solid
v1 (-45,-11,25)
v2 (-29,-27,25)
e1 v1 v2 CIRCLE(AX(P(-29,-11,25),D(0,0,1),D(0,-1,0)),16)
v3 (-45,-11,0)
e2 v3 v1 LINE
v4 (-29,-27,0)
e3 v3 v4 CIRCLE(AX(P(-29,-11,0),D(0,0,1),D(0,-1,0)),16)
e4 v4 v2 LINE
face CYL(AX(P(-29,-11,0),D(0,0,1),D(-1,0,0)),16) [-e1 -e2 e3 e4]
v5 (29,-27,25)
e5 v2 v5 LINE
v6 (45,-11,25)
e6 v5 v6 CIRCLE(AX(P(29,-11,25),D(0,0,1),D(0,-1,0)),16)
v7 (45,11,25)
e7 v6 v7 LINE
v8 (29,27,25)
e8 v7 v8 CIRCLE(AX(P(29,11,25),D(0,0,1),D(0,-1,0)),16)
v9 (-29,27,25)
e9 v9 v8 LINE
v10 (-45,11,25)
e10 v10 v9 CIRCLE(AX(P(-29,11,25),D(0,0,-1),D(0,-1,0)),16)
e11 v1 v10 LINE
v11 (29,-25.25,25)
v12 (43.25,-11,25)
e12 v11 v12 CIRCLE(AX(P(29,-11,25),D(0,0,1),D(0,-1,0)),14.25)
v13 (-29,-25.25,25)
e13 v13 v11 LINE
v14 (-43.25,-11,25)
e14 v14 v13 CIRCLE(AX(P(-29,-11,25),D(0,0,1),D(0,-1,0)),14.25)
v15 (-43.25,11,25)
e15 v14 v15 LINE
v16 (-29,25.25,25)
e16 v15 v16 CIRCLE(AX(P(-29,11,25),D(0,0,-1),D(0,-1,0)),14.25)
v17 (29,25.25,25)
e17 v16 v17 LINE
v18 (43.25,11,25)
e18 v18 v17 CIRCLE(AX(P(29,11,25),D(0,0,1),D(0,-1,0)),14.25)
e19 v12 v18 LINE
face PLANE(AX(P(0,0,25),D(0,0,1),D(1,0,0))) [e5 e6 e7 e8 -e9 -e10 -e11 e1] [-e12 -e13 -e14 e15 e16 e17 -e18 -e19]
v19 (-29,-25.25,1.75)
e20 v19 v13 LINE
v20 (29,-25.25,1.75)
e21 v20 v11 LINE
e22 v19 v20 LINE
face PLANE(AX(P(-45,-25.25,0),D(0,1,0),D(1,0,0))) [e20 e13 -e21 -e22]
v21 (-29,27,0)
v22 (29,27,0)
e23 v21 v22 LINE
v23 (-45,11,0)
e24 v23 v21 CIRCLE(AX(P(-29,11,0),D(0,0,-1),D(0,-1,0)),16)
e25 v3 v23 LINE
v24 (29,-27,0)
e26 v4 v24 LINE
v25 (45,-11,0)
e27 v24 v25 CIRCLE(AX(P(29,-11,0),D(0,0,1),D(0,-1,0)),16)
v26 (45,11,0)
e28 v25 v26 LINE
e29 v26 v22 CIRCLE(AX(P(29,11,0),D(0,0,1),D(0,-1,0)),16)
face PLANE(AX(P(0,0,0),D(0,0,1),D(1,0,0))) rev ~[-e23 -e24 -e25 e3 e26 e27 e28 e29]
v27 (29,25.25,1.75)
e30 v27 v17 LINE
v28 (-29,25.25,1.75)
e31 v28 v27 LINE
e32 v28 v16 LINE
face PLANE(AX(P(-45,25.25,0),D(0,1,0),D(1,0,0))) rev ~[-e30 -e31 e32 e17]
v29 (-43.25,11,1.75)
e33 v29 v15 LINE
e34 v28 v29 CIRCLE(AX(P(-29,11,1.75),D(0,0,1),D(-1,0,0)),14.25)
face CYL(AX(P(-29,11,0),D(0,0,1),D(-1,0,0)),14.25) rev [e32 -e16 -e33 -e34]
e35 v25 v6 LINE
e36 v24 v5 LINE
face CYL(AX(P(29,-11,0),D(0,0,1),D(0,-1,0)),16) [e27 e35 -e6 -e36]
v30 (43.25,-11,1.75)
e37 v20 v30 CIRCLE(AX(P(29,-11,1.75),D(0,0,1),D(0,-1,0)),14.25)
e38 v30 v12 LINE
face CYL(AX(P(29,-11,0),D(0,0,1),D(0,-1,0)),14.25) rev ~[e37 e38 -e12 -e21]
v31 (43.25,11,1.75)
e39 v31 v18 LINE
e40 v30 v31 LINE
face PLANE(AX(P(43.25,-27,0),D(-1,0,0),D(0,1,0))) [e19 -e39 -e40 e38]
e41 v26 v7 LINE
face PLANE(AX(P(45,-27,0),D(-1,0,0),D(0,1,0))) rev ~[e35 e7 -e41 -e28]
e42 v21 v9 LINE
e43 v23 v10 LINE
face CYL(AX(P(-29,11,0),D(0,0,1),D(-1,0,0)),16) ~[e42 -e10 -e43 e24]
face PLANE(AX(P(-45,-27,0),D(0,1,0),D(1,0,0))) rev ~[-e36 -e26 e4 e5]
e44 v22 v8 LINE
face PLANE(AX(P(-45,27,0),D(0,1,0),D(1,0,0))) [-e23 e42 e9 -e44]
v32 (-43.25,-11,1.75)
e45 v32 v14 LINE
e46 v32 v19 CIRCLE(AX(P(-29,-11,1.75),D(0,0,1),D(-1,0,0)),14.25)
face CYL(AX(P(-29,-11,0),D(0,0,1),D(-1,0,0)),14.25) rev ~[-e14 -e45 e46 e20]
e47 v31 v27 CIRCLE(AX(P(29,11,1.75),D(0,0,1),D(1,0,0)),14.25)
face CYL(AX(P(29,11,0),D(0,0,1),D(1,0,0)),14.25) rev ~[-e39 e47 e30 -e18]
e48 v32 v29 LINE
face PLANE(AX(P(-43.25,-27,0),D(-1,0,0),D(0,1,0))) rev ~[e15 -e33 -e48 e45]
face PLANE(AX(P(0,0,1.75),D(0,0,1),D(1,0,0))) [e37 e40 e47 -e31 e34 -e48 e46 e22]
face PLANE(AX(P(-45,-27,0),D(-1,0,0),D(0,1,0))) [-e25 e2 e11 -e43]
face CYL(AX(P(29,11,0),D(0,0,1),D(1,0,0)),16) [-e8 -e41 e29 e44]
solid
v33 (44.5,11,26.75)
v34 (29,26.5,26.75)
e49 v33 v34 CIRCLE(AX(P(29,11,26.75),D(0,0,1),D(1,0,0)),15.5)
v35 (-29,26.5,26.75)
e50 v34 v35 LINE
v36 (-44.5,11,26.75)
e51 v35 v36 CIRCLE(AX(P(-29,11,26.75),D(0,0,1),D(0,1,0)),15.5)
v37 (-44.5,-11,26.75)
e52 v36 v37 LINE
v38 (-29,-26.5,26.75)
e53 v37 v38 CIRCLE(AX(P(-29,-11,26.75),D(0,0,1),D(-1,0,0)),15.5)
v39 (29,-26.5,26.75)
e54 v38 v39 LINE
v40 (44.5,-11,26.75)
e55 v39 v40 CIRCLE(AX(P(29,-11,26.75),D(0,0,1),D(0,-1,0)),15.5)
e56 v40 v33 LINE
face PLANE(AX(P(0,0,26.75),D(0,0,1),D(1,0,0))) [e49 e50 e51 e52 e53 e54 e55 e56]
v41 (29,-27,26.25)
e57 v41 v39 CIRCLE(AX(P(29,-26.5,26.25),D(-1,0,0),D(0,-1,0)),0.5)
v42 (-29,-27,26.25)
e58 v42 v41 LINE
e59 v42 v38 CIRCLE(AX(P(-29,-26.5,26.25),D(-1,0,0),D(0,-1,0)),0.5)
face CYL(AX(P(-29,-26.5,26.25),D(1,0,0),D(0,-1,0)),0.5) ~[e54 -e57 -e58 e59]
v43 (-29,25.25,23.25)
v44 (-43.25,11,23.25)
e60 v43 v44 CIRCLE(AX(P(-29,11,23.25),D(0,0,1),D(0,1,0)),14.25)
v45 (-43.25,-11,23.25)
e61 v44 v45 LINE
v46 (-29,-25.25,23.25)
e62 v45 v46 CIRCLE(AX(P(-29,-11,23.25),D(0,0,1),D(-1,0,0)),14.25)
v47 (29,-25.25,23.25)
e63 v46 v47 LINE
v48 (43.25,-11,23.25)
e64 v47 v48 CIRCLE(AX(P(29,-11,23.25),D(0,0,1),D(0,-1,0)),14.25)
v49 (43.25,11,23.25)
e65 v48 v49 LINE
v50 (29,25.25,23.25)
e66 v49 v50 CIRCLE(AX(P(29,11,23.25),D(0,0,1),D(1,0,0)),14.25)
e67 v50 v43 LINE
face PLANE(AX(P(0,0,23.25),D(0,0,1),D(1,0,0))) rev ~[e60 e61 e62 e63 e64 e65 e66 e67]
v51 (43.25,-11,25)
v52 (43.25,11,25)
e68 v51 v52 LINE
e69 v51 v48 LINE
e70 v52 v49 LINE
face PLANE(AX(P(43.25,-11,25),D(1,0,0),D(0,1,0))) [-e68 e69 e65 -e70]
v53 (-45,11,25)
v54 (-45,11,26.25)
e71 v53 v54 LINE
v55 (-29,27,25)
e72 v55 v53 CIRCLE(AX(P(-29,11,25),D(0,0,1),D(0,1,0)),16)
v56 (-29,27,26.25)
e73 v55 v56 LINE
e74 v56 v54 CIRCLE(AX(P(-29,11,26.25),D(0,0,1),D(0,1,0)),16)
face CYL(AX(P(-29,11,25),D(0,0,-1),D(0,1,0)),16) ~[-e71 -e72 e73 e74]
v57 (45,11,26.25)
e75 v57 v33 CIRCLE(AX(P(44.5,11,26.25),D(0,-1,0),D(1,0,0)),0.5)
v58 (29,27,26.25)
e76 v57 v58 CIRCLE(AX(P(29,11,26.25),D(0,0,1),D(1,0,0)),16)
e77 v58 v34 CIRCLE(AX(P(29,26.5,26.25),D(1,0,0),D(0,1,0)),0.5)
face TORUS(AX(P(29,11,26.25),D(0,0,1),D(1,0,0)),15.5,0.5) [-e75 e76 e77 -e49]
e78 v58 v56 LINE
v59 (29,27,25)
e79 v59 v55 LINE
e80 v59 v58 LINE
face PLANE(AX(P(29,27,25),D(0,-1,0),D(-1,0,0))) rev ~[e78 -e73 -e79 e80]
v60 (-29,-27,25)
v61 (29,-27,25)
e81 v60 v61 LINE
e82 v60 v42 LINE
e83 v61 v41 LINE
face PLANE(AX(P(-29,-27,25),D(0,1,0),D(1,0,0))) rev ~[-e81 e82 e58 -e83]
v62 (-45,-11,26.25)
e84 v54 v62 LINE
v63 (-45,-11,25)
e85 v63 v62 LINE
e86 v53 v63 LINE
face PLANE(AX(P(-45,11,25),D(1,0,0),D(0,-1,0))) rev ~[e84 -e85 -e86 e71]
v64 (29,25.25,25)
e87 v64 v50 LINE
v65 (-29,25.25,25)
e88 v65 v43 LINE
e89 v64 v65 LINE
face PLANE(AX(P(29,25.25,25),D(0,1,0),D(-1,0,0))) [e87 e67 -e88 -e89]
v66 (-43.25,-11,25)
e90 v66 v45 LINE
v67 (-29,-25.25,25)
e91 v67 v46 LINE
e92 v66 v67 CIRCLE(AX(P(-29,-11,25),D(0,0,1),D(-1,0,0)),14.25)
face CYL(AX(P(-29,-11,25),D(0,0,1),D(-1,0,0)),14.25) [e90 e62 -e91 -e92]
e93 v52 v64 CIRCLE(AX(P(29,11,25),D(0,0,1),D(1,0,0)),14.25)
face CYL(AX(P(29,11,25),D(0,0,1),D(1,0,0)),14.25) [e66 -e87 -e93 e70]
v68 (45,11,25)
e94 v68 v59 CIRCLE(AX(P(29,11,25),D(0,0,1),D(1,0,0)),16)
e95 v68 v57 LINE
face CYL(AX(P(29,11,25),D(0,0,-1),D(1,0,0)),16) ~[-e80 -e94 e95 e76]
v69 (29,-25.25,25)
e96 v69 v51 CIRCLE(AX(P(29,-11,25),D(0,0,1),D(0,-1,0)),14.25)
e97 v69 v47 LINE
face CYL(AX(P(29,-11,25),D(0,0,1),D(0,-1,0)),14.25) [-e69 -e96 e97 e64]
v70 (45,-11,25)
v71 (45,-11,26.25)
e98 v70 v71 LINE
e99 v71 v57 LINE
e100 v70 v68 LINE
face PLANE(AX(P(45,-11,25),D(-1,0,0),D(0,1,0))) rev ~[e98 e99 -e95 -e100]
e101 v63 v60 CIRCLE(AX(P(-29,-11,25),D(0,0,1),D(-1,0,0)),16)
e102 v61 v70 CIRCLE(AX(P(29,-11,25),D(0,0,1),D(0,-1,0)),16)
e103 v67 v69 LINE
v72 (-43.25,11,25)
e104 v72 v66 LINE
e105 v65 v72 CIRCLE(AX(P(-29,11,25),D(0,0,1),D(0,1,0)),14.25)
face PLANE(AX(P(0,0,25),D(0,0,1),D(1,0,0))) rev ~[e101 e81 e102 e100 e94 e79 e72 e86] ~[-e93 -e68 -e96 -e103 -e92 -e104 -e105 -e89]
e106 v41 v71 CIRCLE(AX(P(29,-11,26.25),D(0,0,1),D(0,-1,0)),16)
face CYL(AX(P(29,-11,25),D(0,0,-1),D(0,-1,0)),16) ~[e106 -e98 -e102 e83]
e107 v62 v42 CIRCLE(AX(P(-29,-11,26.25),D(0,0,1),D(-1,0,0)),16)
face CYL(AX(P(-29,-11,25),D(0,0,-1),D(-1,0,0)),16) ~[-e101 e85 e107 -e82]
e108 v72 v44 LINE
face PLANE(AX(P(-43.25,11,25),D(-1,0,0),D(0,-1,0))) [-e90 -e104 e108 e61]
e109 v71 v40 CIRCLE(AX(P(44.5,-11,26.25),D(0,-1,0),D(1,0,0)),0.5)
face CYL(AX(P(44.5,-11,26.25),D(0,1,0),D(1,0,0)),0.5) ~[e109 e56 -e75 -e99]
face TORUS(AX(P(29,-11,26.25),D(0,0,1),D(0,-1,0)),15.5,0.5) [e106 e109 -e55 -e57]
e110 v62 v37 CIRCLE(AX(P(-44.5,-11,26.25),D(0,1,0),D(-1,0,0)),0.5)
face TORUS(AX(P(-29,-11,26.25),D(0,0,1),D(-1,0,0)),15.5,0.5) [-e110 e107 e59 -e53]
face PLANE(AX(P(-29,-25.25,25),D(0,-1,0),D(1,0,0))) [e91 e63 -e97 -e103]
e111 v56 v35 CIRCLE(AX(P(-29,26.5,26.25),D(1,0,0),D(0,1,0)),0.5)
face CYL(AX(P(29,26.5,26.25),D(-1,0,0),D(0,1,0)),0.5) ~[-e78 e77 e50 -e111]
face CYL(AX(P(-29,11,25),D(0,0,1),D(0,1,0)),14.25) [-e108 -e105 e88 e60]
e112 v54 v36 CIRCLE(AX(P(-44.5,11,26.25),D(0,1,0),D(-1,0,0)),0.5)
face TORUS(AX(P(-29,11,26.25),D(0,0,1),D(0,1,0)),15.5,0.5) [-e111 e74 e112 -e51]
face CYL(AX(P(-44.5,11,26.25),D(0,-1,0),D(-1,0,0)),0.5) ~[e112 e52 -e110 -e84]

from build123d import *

# Parameters (mm, degrees)
F0_W     = 90
F0_H     = 54
F1_DEPTH = 25
F2_R     = 16
F3_T     = -1.75
F5_DEPTH = 1.75
F6_DEPTH = 1.75
F7_R     = 0.5


with BuildPart() as f1:
    # F0 (on Top) → F1 (new body)
    with BuildSketch(Plane.XY):
        Rectangle(F0_W, F0_H)
    extrude(amount=F1_DEPTH)

    # F2
    f2_edges = [f1.edges().sort_by_distance(p)[0] for p in [
        (-45, -27, 12.5),
        (45, -27, 12.5),
        (45, 27, 12.5),
        (-45, 27, 12.5),
    ]]
    fillet(f2_edges, radius=F2_R)

    # F3
    f3_openings = [f1.faces().sort_by_distance(p)[0] for p in [
        (0, 0, 25),
    ]]
    offset(amount=F3_T, openings=f3_openings)


with BuildPart() as f5:
    # F4 (on face) → F5 (new body)
    with BuildSketch(Plane.XY.offset(25)):
        with BuildLine():
            Line((-43.25, 11), (-43.25, -11))
            ThreePointArc((-43.25, -11), (-39.0762716319, -21.0762716319), (-29, -25.25))
            Line((-29, -25.25), (29, -25.25))
            ThreePointArc((29, -25.25), (39.0762716319, -21.0762716319), (43.25, -11))
            Line((43.25, -11), (43.25, 11))
            ThreePointArc((43.25, 11), (39.0762716319, 21.0762716319), (29, 25.25))
            Line((29, 25.25), (-29, 25.25))
            ThreePointArc((-29, 25.25), (-39.0762716319, 21.0762716319), (-43.25, 11))
        make_face()
    extrude(amount=-F5_DEPTH)

    # F4 (on face) → F6 (join)
    with BuildSketch(Plane.XY.offset(25)):
        with BuildLine():
            Line((-29, -27), (29, -27))
            ThreePointArc((29, -27), (40.313708499, -22.313708499), (45, -11))
            Line((45, -11), (45, 11))
            ThreePointArc((45, 11), (40.313708499, 22.313708499), (29, 27))
            Line((29, 27), (-29, 27))
            ThreePointArc((-29, 27), (-40.313708499, 22.313708499), (-45, 11))
            Line((-45, 11), (-45, -11))
            ThreePointArc((-45, -11), (-40.313708499, -22.313708499), (-29, -27))
        make_face()
        with BuildLine():
            ThreePointArc((-29, -25.25), (-39.0762716319, -21.0762716319), (-43.25, -11))
            Line((-43.25, -11), (-43.25, 11))
            ThreePointArc((-43.25, 11), (-39.0762716319, 21.0762716319), (-29, 25.25))
            Line((-29, 25.25), (29, 25.25))
            ThreePointArc((29, 25.25), (39.0762716319, 21.0762716319), (43.25, 11))
            Line((43.25, 11), (43.25, -11))
            ThreePointArc((43.25, -11), (39.0762716319, -21.0762716319), (29, -25.25))
            Line((29, -25.25), (-29, -25.25))
        make_face(mode=Mode.SUBTRACT)
        with BuildLine():
            Line((-43.25, 11), (-43.25, -11))
            ThreePointArc((-43.25, -11), (-39.0762716319, -21.0762716319), (-29, -25.25))
            Line((-29, -25.25), (29, -25.25))
            ThreePointArc((29, -25.25), (39.0762716319, -21.0762716319), (43.25, -11))
            Line((43.25, -11), (43.25, 11))
            ThreePointArc((43.25, 11), (39.0762716319, 21.0762716319), (29, 25.25))
            Line((29, 25.25), (-29, 25.25))
            ThreePointArc((-29, 25.25), (-39.0762716319, 21.0762716319), (-43.25, 11))
        make_face()
    extrude(amount=F6_DEPTH)

    # F7
    f7_edges = [f5.edges().sort_by_distance(p)[0] for p in [
        (0, -27, 26.75),
        (40.313708, -22.313708, 26.75),
        (45, 0, 26.75),
        (40.313708, 22.313708, 26.75),
        (0, 27, 26.75),
        (-40.313708, 22.313708, 26.75),
        (-45, 0, 26.75),
        (-40.313708, -22.313708, 26.75),
    ]]
    fillet(f7_edges, radius=F7_R)


solid = Compound([f1.part, f5.part])
